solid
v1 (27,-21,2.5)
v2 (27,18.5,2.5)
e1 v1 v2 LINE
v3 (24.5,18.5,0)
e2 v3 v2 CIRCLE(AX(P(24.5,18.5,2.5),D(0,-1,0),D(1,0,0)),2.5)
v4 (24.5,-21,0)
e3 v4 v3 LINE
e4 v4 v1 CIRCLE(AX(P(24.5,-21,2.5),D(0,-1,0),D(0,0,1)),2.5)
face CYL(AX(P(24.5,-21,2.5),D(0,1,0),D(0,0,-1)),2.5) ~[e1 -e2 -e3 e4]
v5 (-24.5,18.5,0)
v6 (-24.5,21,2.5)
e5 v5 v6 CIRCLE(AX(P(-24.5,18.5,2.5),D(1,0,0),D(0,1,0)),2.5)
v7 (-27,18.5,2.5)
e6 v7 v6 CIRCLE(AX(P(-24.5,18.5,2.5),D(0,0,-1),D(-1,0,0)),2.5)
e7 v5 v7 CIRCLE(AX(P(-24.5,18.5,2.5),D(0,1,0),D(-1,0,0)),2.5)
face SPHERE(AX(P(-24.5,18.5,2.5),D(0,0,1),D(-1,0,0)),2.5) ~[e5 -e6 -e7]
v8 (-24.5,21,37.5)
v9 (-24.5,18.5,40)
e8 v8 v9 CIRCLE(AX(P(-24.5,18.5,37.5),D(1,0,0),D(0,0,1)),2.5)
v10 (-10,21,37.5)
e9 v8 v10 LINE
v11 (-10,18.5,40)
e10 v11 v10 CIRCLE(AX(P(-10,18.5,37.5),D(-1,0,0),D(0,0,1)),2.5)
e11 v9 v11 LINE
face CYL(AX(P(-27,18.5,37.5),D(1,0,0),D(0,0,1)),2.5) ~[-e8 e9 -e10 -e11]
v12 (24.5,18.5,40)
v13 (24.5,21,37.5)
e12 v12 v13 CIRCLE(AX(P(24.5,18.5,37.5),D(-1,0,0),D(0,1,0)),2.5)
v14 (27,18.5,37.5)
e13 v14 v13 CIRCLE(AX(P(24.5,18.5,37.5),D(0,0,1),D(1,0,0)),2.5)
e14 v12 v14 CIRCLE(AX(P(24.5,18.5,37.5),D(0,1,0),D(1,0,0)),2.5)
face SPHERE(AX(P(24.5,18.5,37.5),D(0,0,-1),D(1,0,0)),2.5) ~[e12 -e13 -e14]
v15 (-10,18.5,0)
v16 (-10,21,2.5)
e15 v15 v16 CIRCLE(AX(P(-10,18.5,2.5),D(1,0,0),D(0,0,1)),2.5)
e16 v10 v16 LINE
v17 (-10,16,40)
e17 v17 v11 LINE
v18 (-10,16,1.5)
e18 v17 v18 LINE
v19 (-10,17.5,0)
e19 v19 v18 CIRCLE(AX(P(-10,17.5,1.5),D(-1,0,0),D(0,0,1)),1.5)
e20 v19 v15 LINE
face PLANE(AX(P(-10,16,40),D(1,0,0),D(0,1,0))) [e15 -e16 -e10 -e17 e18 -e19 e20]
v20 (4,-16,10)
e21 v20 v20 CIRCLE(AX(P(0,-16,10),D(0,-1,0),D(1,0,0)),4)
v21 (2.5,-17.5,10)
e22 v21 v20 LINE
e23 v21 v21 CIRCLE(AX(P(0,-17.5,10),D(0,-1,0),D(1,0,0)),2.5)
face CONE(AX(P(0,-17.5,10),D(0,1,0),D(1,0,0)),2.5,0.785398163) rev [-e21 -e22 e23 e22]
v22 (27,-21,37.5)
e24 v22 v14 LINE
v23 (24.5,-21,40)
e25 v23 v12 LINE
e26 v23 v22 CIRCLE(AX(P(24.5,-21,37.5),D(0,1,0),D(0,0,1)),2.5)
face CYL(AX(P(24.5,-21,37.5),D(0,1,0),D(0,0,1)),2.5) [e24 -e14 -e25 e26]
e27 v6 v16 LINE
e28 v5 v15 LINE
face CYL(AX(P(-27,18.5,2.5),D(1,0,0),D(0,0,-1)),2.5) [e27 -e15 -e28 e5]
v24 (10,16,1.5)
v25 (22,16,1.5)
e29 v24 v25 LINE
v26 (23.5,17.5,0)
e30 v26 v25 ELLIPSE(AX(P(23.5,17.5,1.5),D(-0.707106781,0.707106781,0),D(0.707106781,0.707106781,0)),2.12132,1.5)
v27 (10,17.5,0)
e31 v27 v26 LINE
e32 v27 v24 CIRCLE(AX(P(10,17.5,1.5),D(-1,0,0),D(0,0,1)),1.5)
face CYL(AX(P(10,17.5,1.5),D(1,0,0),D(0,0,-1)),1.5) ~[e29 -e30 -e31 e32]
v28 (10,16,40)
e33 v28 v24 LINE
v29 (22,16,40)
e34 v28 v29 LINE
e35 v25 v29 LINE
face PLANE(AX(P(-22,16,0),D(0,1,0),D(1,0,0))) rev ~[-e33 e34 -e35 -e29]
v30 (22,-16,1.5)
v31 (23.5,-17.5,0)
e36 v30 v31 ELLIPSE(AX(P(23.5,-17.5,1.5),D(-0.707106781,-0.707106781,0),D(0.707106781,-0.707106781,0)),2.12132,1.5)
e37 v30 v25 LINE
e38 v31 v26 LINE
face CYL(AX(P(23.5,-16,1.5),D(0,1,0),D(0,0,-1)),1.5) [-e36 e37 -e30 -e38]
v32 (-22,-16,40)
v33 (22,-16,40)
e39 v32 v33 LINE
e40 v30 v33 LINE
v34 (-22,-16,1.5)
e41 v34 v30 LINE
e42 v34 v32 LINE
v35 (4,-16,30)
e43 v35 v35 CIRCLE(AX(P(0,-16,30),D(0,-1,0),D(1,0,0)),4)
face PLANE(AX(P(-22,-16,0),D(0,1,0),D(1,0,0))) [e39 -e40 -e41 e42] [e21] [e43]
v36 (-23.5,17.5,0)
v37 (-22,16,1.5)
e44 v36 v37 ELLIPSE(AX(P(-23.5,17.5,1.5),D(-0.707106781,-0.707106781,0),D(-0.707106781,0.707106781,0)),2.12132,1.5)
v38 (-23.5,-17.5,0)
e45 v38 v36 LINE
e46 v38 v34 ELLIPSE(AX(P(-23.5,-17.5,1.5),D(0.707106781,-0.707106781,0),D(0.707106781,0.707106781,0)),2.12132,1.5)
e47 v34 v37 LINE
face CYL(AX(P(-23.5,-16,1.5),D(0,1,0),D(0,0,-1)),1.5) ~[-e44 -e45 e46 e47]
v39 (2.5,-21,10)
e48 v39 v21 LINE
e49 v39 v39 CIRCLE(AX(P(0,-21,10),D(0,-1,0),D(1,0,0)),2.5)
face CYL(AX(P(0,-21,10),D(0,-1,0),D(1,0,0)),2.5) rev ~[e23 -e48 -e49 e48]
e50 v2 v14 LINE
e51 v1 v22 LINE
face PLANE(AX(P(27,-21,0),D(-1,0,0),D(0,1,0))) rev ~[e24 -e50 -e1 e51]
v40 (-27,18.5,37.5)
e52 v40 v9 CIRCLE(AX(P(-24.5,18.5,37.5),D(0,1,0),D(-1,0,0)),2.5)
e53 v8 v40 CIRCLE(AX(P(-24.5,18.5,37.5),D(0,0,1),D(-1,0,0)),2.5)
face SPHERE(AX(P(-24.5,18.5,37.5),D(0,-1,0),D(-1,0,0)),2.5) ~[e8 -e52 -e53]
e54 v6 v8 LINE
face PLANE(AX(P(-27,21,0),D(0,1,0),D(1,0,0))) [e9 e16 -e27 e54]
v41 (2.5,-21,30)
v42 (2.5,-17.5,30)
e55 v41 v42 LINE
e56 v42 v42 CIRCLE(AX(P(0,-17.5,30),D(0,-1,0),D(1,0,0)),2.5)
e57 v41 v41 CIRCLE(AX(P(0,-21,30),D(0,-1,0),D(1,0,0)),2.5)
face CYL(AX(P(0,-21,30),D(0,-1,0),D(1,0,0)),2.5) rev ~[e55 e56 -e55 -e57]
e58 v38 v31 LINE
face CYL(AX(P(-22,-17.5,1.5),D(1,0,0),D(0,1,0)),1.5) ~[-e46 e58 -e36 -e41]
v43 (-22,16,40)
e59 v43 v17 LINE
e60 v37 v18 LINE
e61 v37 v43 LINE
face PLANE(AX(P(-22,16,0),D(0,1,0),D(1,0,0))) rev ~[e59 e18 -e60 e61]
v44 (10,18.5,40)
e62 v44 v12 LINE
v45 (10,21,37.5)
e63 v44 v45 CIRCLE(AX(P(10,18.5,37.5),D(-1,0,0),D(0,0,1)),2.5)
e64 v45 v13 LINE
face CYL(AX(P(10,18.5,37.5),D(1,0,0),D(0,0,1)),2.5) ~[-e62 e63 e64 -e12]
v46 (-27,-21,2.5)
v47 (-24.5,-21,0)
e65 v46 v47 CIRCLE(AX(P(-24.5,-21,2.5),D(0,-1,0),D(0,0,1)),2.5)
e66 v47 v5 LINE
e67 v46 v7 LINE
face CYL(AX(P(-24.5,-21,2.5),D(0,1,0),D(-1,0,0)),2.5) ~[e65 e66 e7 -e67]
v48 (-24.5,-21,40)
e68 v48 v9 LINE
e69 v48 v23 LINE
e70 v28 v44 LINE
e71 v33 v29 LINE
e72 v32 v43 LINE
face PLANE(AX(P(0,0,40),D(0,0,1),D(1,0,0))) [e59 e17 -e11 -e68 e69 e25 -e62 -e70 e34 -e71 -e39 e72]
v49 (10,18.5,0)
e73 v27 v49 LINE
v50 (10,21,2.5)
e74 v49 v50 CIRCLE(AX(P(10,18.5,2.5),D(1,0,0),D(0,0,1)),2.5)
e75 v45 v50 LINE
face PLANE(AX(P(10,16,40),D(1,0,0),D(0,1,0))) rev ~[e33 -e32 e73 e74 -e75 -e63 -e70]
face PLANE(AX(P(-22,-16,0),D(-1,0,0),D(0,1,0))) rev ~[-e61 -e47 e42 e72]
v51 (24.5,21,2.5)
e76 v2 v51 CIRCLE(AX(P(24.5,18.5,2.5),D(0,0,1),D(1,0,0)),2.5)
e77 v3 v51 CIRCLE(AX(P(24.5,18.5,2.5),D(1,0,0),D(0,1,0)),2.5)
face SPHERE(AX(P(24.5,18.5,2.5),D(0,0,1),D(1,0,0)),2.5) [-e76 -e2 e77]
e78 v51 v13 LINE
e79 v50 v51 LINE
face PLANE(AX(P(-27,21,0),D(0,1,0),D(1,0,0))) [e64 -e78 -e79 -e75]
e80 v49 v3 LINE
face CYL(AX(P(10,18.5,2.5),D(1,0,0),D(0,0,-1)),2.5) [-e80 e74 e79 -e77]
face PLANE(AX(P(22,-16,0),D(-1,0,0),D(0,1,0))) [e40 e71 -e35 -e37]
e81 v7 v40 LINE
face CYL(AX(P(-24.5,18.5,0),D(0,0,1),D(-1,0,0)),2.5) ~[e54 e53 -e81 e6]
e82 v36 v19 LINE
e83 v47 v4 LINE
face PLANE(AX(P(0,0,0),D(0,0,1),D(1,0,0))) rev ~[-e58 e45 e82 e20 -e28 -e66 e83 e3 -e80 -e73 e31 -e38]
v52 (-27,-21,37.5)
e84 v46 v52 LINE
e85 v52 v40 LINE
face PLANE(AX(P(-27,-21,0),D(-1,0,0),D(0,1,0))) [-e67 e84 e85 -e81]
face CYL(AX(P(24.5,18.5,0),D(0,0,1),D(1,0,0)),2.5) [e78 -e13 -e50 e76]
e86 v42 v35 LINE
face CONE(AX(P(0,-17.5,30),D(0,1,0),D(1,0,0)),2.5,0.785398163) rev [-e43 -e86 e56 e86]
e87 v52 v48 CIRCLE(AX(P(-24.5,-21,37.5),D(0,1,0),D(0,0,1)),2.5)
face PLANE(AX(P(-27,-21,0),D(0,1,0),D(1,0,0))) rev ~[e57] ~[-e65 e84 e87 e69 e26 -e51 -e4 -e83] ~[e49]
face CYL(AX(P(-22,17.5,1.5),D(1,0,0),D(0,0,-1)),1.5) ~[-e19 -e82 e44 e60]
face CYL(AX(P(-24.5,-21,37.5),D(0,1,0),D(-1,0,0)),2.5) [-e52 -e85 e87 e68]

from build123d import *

# Parameters (mm, degrees)
SKETCH_W        = 54
SKETCH_H        = 42
SKETCH_W_2      = 44
SKETCH_H_2      = 32
PAD_DEPTH       = 40
SKETCH001_W     = 20
SKETCH001_H     = 5
POCKET_DEPTH    = 40
SKETCH002_R     = 2.5
POCKET001_DEPTH = 42.001
CHAMFER_SIZE    = 1.5
FILLET_R        = 2.5
SKETCH003_R     = 2.5
POCKET002_DEPTH = 42.001
CHAMFER001_SIZE = 1.5
FILLET001_R     = 1.5


with BuildPart() as part:
    # Sketch → Pad (new body)
    with BuildSketch(Plane.XY):
        Rectangle(SKETCH_W, SKETCH_H)
        Rectangle(SKETCH_W_2, SKETCH_H_2, mode=Mode.SUBTRACT)
    extrude(amount=PAD_DEPTH)

    # Sketch001 (on Face10 of Pad) → Pocket (cut)
    with BuildSketch(Plane.XY.offset(40)):
        with Locations((0, 18.5)):
            Rectangle(SKETCH001_W, SKETCH001_H)
    extrude(amount=-POCKET_DEPTH, mode=Mode.SUBTRACT)

    # Sketch002 (on Face14 of Pocket) → Pocket001 (cut, through all)
    with BuildSketch(Plane.XZ.offset(21)):
        with Locations((0, 10)):
            Circle(SKETCH002_R)
    extrude(amount=-POCKET001_DEPTH, mode=Mode.SUBTRACT)

    # Chamfer
    chamfer_edges = [part.edges().sort_by_distance(p)[0] for p in [
        (-2.5, -16, 10),
    ]]
    chamfer(chamfer_edges, length=CHAMFER_SIZE)

    # Fillet
    fillet_edges = [part.edges().sort_by_distance(p)[0] for p in [
        (27, 21, 20),
        (27, 0, 40),
        (-27, 0, 40),
        (-27, 21, 20),
        (-27, 0, 0),
        (27, 0, 0),
        (18.5, 21, 40),
        (-18.5, 21, 40),
        (-18.5, 21, 0),
        (18.5, 21, 0),
    ]]
    fillet(fillet_edges, radius=FILLET_R)

    # Sketch003 (on Face7 of Fillet) → Pocket002 (cut, through all)
    with BuildSketch(Plane.XZ.offset(21)):
        with Locations((0, 30)):
            Circle(SKETCH003_R)
    extrude(amount=-POCKET002_DEPTH, mode=Mode.SUBTRACT)

    # Chamfer001
    chamfer001_edges = [part.edges().sort_by_distance(p)[0] for p in [
        (-2.5, -16, 30),
    ]]
    chamfer(chamfer001_edges, length=CHAMFER001_SIZE)

    # Fillet001
    fillet001_edges = [part.edges().sort_by_distance(p)[0] for p in [
        (-22, 0, 0),
        (0, -16, 0),
        (22, 0, 0),
        (16, 16, 0),
        (-16, 16, 0),
    ]]
    fillet(fillet001_edges, radius=FILLET001_R)


solid = part.part
